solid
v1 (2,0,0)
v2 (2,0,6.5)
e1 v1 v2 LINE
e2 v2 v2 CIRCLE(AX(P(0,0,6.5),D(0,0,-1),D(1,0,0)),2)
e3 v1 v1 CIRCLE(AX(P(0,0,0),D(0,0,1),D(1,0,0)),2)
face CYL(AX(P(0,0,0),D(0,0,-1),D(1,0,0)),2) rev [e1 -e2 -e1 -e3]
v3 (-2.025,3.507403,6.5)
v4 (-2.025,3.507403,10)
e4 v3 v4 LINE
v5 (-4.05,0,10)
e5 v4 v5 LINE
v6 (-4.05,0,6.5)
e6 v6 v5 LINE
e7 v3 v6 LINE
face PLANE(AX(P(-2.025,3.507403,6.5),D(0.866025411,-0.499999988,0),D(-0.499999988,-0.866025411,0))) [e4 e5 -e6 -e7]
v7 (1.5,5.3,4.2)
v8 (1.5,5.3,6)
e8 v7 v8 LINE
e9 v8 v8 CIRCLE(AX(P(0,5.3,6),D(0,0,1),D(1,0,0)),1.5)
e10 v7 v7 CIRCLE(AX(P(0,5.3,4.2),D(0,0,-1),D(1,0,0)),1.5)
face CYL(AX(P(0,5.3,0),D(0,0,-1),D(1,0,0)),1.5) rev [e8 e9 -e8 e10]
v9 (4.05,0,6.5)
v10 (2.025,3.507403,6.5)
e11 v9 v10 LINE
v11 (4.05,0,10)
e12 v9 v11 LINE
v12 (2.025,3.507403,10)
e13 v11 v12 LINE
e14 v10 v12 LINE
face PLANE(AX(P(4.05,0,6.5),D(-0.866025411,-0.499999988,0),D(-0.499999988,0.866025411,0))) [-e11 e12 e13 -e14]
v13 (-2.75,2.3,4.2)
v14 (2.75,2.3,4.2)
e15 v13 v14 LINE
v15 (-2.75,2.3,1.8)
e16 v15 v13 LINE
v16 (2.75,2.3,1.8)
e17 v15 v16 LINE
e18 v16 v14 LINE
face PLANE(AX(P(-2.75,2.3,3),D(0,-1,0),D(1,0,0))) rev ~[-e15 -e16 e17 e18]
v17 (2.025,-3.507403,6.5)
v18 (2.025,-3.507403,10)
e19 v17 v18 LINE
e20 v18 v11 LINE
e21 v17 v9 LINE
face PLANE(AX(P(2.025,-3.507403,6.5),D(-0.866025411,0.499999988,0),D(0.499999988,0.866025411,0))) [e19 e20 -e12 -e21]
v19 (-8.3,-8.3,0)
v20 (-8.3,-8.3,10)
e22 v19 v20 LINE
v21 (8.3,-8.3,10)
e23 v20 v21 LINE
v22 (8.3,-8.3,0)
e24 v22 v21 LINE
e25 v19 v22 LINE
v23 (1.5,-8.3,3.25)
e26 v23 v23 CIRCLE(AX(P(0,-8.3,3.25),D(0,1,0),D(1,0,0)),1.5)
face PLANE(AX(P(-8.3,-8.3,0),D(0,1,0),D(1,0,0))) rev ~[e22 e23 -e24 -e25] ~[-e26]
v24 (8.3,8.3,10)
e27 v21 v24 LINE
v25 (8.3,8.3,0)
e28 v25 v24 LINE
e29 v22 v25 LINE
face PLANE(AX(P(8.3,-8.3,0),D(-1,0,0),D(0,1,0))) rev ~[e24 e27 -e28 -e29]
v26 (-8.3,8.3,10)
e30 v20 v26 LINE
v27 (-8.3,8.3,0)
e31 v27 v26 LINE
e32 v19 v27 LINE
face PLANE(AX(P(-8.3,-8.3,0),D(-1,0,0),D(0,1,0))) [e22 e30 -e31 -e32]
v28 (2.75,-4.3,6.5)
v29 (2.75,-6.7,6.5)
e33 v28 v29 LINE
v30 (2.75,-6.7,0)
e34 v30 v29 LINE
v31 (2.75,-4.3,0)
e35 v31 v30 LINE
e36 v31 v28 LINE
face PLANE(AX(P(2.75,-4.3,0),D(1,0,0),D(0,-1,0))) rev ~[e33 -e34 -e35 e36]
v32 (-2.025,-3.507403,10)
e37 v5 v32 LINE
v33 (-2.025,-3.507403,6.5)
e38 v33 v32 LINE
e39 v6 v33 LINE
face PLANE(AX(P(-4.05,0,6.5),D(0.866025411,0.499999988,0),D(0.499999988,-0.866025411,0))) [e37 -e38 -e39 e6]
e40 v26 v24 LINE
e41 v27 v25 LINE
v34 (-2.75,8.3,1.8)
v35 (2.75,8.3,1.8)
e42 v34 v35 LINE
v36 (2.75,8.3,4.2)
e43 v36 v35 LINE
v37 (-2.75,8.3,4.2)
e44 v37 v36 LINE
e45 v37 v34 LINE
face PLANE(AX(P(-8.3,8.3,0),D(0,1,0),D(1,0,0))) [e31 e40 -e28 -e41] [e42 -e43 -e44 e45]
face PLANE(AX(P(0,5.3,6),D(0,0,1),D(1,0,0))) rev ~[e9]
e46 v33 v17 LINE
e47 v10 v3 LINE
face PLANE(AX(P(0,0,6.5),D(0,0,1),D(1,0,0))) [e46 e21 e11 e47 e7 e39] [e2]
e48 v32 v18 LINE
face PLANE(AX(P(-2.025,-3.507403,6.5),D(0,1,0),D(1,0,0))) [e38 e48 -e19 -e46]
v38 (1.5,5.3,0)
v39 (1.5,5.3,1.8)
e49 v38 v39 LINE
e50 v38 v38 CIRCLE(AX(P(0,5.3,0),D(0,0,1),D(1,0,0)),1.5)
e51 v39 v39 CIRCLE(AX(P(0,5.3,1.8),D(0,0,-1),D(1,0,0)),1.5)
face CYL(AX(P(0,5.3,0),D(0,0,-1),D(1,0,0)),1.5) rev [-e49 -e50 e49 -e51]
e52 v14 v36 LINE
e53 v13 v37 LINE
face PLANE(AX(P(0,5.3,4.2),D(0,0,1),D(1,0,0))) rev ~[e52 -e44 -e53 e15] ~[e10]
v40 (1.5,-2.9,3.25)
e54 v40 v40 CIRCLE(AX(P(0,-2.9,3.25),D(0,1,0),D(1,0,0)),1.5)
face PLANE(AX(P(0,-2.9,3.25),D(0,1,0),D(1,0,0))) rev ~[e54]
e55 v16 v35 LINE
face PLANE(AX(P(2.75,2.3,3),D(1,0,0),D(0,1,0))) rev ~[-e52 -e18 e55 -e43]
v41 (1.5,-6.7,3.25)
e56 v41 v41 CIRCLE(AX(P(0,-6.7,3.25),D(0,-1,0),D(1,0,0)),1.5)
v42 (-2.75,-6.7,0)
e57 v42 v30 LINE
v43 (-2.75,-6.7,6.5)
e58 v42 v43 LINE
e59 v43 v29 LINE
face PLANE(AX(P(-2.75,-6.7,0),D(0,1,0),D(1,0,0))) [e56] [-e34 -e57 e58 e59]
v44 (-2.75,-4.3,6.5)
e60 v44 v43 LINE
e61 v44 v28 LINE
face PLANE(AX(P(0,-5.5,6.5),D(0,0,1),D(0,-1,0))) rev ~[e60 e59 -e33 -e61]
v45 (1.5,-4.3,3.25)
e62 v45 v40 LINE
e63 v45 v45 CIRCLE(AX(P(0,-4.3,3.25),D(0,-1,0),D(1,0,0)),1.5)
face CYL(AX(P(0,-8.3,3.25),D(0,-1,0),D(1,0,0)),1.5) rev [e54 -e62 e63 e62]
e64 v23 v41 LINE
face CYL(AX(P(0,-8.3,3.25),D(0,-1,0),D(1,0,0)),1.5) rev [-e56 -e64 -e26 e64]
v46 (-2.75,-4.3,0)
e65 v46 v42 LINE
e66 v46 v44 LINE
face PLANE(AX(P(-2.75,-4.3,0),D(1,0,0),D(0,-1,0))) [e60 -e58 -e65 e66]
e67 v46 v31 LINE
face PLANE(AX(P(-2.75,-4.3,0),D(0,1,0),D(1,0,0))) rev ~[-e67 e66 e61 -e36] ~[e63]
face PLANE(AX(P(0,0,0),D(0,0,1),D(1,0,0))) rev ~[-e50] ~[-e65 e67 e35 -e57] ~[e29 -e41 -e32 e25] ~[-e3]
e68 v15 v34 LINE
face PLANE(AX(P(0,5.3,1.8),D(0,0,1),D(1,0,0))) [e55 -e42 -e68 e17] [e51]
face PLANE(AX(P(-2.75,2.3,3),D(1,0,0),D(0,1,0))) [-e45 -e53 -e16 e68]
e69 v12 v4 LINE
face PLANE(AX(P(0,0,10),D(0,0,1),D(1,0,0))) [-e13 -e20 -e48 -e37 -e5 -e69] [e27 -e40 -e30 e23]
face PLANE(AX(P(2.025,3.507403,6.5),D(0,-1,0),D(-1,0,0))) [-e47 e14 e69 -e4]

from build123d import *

# Parameters (mm, degrees)
CYLINDER_R        = 2
CYLINDER_DEPTH    = 10
PAD001_DEPTH      = 3.5
BOX_W             = 2.4
BOX_H             = 5.5
BOX_DEPTH         = 6.5
CYLINDER003_R     = 1.5
CYLINDER003_DEPTH = 5.4
CYLINDER001_R     = 1.5
CYLINDER001_DEPTH = 6
SKETCH002_W       = 5.5
SKETCH002_H       = 6
PAD002_DEPTH      = 1.2
SKETCH_W          = 16.6
SKETCH_H          = 16.6
PAD_DEPTH         = 10


with BuildPart() as cylinder:
    # Cylinder → Cylinder (new body)
    with BuildSketch(Plane.XY):
        Circle(CYLINDER_R)
    extrude(amount=CYLINDER_DEPTH)


with BuildPart() as fusion001:
    # Sketch001 → Pad001 (new body)
    with BuildSketch(Plane.XY):
        Polygon((-4.05, 0), (-2.025, -3.507403), (2.025, -3.507403), (4.05, 0), (2.025, 3.507403), (-2.025, 3.507403), align=None)
    extrude(amount=PAD001_DEPTH)


with BuildPart() as fusion001_1:
    # Body001 placement: moved
    add(fusion001.part.moved(Location((0, 0, 6.5))))

    # Fusion001: union Cylinder
    add(cylinder.part)


with BuildPart() as cube:
    # Box → Box (new body)
    with BuildSketch(Plane(origin=(-2.75, -4.5, 0), x_dir=(0, -1, 0), z_dir=(0, 0, 1))):
        with Locations((1.2, 2.75)):
            Rectangle(BOX_W, BOX_H)
    extrude(amount=BOX_DEPTH)


with BuildPart() as fusion:
    # Cylinder003 → Cylinder003 (new body)
    with BuildSketch(Plane(origin=(0, -8.5, 3.25), x_dir=(1, 0, 0), z_dir=(0, 1, 0))):
        Circle(CYLINDER003_R)
    extrude(amount=CYLINDER003_DEPTH)

    # Fusion: union Cube
    add(cube.part)


with BuildPart() as fusion_1:
    # Fusion placement: moved
    add(fusion.part.moved(Location((0, 0.2, 0))))


with BuildPart() as cylinder001:
    # Cylinder001 → Cylinder001 (new body)
    with BuildSketch(Plane(origin=(0, 3, -3), x_dir=(1, 0, 0), z_dir=(0, 0, 1))):
        Circle(CYLINDER001_R)
    extrude(amount=CYLINDER001_DEPTH)


with BuildPart() as fusion003:
    # Sketch002 → Pad002 (new body, symmetric)
    with BuildSketch(Plane.XY):
        with Locations((0, 3)):
            Rectangle(SKETCH002_W, SKETCH002_H)
    extrude(amount=PAD002_DEPTH, both=True)

    # Fusion002: union Cylinder001
    add(cylinder001.part)


with BuildPart() as fusion003_1:
    # Fusion002 placement: moved
    add(fusion003.part.moved(Location((0, 2.3, 3))))

    # Fusion003: union Fusion001, Fusion
    add(fusion001_1.part)
    add(fusion_1.part)


with BuildPart() as cut:
    # Sketch → Pad (new body)
    with BuildSketch(Plane.XY):
        Rectangle(SKETCH_W, SKETCH_H)
    extrude(amount=PAD_DEPTH)

    # Cut: cut Fusion003
    add(fusion003_1.part, mode=Mode.SUBTRACT)


solid = cut.part
